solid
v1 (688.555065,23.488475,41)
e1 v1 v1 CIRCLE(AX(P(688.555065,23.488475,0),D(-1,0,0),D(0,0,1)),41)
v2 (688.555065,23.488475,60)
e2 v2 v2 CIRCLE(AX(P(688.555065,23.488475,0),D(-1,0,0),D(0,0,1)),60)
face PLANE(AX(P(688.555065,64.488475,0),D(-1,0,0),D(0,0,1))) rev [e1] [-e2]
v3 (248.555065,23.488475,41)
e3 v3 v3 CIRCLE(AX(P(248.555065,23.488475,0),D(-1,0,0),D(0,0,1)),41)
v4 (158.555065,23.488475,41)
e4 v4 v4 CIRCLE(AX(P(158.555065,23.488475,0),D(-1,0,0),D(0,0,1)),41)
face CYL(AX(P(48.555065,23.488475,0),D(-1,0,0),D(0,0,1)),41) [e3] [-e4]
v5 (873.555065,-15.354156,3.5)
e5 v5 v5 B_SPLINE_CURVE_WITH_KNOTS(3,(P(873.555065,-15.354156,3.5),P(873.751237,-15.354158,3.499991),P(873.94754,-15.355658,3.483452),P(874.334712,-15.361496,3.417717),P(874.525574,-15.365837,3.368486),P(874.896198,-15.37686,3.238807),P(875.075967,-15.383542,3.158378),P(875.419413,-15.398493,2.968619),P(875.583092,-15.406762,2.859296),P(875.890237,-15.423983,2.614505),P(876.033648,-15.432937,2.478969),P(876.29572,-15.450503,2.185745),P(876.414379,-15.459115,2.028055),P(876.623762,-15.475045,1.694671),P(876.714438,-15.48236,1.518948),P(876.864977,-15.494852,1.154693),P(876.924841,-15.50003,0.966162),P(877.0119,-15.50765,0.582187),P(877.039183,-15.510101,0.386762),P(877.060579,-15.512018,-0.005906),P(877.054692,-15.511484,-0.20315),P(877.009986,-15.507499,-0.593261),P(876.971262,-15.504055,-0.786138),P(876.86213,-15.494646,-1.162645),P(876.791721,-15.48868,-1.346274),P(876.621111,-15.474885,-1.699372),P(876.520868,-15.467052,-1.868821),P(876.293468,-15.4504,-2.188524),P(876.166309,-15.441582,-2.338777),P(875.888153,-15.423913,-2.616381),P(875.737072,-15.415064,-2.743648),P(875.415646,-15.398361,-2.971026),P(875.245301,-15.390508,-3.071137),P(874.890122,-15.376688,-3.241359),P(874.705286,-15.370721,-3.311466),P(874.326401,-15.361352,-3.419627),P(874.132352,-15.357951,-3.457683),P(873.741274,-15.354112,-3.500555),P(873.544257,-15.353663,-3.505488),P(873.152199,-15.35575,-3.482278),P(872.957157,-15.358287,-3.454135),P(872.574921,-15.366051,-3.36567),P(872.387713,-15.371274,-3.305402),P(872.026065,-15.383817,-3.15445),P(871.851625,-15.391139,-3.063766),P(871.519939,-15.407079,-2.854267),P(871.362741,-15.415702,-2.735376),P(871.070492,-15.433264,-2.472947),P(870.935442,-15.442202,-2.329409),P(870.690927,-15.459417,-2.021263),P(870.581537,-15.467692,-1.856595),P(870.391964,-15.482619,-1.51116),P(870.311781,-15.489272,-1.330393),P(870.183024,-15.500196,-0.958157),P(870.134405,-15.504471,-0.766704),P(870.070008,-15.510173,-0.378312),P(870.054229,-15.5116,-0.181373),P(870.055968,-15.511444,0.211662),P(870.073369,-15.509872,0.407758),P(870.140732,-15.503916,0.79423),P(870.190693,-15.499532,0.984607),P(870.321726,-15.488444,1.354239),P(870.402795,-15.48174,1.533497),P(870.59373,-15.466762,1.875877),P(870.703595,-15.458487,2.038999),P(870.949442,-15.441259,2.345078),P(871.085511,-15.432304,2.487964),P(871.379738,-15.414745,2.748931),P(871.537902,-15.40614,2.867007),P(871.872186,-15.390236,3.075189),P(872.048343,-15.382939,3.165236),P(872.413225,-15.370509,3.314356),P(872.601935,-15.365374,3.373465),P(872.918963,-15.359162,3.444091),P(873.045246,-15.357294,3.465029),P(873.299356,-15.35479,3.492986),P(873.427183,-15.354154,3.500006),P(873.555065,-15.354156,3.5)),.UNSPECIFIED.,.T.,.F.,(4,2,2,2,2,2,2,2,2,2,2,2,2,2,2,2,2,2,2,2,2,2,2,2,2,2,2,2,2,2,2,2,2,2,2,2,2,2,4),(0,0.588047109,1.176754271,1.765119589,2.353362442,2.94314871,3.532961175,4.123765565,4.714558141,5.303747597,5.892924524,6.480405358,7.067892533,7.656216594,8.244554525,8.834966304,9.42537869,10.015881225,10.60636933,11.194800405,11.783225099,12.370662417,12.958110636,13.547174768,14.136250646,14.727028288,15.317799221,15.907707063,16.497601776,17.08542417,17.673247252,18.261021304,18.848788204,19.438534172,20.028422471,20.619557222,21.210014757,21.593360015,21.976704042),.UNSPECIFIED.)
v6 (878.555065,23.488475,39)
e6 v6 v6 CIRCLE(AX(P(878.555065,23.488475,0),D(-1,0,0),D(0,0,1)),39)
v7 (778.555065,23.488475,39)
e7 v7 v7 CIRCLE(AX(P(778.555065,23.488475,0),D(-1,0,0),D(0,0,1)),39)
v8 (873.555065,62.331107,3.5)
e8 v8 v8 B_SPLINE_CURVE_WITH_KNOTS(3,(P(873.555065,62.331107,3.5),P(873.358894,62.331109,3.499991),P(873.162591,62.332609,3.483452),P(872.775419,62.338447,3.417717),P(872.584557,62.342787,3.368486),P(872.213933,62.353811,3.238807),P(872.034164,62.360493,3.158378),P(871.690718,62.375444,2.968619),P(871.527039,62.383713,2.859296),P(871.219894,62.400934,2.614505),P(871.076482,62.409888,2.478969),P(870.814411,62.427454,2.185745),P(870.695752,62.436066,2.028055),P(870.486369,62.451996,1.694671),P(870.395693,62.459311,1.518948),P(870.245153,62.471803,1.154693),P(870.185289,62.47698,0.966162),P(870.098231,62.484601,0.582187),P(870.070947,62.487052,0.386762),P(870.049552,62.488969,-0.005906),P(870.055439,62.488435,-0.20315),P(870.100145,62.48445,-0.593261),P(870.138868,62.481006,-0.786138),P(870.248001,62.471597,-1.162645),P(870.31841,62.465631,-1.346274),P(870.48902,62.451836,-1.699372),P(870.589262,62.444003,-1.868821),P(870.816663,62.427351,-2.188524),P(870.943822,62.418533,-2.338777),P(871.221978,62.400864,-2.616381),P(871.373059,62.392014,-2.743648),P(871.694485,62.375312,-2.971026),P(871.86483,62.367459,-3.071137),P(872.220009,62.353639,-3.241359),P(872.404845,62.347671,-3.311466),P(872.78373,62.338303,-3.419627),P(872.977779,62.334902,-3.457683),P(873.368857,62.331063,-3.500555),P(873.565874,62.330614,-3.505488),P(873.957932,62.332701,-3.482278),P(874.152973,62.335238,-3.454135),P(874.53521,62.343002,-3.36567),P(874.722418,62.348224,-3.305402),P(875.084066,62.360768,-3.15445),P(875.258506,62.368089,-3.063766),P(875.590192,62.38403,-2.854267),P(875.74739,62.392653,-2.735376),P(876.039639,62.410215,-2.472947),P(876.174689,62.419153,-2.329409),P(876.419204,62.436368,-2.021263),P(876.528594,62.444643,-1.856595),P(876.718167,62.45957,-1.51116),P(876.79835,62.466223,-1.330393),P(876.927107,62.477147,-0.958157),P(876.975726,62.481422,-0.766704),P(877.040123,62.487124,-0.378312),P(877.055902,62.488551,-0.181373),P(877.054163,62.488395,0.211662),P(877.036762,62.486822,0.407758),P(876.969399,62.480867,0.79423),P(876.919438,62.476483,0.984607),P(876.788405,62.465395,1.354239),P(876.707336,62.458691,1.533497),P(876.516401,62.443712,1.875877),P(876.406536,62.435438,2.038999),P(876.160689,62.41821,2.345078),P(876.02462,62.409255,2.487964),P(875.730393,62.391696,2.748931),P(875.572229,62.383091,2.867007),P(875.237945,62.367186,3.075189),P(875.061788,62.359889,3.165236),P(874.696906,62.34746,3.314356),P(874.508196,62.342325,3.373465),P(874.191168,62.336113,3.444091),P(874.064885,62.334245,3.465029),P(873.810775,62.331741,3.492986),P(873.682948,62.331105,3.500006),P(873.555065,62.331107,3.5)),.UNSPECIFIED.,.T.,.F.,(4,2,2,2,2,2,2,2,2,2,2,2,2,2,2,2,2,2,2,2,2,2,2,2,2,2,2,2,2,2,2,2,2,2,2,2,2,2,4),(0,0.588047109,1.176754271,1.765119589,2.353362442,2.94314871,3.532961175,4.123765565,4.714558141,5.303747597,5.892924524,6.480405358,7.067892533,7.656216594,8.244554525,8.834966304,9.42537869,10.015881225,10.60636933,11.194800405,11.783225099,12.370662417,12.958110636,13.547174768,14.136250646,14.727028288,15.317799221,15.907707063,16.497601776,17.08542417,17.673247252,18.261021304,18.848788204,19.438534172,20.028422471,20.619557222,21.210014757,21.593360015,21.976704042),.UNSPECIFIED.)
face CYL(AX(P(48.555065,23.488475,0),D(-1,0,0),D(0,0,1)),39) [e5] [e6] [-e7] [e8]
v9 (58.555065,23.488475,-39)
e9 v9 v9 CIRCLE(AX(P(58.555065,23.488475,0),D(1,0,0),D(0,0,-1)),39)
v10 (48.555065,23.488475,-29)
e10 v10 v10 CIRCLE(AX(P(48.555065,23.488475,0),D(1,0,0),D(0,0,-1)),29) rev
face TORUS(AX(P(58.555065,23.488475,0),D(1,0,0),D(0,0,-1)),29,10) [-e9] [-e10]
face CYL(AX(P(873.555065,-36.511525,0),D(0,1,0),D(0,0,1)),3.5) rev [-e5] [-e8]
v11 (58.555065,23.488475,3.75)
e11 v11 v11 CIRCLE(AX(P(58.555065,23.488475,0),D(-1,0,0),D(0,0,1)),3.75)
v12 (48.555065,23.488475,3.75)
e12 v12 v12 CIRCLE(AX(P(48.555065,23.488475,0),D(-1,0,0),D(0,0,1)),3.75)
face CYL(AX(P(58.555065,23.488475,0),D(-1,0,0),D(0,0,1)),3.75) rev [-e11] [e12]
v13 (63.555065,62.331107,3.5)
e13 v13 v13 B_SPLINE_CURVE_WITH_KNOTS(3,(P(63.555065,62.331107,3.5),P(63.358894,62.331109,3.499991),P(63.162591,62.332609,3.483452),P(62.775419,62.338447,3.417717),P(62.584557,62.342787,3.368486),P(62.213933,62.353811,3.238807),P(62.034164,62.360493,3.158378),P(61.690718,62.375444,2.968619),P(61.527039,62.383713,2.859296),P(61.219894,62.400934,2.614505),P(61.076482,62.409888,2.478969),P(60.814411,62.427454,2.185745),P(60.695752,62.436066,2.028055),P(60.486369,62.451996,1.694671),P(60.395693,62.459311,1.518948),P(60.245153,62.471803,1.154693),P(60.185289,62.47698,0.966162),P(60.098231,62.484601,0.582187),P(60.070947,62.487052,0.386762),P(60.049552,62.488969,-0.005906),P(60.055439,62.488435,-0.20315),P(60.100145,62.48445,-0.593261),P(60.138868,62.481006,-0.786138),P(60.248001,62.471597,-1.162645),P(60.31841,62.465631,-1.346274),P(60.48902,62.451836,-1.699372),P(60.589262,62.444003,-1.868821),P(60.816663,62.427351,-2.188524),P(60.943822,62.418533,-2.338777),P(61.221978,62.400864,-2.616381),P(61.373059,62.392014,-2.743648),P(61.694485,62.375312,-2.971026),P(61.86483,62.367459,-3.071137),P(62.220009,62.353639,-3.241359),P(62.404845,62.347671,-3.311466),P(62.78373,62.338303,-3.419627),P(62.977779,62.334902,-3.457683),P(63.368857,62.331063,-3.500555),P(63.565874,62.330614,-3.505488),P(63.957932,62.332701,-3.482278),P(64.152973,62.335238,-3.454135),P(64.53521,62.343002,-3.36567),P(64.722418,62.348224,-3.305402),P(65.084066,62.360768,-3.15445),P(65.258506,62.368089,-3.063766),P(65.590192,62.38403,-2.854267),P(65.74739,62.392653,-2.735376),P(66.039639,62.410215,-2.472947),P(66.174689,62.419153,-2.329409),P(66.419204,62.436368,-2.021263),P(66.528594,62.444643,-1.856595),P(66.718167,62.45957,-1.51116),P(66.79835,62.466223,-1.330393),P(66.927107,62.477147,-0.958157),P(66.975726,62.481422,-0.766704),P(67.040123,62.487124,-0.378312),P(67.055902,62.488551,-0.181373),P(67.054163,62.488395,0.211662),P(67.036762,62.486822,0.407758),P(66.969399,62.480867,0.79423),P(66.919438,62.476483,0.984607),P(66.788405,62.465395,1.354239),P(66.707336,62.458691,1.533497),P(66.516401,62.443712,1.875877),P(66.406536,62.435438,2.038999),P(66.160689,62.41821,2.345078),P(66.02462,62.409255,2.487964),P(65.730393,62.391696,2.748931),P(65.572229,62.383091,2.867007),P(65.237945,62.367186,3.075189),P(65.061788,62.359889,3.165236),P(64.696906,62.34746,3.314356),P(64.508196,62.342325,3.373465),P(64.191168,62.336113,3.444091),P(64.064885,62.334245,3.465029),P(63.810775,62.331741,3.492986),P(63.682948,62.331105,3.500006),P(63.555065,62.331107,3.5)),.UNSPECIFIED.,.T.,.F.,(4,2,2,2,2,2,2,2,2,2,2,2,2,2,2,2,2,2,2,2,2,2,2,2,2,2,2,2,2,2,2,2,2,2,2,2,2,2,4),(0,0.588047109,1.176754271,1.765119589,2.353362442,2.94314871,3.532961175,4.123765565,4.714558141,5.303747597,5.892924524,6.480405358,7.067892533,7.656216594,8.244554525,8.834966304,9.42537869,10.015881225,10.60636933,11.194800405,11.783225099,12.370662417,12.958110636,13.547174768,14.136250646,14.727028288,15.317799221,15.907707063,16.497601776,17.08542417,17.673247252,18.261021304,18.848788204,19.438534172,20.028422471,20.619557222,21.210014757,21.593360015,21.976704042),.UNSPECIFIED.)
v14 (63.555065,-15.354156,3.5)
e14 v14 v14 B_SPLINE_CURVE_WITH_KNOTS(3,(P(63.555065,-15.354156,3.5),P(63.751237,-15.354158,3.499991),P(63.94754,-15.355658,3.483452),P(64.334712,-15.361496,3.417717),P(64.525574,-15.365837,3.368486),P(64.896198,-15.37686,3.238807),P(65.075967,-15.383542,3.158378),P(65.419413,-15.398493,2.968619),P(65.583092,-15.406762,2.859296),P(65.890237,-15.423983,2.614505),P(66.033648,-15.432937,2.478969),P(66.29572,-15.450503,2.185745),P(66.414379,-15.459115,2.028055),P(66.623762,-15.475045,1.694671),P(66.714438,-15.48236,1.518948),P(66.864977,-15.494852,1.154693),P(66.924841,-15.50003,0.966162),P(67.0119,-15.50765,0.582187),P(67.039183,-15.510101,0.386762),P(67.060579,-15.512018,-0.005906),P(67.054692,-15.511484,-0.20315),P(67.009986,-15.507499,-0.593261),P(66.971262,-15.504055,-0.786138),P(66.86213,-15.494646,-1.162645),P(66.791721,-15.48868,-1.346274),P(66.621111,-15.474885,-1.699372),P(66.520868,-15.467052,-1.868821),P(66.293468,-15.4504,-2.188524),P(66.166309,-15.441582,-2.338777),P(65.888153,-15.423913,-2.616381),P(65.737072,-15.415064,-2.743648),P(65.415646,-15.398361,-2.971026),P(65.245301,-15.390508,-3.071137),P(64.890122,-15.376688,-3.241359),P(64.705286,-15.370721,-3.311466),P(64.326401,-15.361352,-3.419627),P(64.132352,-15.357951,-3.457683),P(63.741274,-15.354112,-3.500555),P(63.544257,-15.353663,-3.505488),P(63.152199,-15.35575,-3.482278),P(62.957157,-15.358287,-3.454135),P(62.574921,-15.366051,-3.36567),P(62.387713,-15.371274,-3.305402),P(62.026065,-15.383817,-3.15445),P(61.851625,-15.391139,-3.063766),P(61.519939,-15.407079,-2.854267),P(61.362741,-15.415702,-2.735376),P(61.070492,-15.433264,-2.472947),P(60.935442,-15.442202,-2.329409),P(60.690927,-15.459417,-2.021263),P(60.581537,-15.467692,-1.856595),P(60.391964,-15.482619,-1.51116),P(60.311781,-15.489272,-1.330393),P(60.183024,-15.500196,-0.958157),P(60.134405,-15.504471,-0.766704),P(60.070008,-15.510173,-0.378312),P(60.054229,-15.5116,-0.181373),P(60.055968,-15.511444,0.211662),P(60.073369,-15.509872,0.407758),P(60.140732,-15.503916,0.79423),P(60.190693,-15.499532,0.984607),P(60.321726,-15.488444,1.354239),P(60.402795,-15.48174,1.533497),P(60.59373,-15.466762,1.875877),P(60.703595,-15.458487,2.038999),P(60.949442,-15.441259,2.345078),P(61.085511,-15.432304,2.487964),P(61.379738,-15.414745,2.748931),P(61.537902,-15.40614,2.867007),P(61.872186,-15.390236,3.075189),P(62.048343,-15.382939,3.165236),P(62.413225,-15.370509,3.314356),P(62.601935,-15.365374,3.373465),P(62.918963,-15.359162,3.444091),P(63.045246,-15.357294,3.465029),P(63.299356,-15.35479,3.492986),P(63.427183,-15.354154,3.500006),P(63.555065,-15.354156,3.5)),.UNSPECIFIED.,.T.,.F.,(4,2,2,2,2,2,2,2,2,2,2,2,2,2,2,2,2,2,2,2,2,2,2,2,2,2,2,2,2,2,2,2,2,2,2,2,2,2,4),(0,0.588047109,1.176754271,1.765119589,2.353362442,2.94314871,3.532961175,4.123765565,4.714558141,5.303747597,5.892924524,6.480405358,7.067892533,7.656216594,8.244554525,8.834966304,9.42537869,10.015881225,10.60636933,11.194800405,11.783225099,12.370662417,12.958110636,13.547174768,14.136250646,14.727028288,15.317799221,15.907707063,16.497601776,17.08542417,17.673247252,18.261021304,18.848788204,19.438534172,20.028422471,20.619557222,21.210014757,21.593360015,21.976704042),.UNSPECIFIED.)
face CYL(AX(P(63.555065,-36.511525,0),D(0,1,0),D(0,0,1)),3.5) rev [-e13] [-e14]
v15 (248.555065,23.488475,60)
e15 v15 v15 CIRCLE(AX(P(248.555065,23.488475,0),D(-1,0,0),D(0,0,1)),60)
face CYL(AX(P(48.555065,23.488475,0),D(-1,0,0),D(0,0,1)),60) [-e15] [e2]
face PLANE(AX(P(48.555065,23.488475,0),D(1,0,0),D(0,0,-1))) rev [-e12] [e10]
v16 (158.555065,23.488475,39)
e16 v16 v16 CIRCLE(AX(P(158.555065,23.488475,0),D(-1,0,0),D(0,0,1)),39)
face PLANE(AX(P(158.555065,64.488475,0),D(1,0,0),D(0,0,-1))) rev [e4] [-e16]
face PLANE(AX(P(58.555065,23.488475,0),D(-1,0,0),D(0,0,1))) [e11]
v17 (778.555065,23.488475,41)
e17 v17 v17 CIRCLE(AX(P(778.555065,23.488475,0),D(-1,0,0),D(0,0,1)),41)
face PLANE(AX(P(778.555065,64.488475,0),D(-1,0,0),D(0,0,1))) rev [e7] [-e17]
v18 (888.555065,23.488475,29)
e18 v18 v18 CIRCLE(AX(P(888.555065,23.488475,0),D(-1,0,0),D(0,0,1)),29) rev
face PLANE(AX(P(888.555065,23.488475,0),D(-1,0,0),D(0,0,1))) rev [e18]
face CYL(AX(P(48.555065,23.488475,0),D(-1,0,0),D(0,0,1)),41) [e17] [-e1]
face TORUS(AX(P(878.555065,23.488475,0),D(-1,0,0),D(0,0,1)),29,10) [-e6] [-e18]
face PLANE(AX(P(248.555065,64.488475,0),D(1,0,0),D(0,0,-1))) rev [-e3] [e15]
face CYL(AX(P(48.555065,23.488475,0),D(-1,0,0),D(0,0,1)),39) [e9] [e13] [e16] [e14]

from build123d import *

# Parameters (mm, degrees)
RADYUS1_R             = 10
IZIM2_R               = 3.75
KES_EKSTR_ZYON1_DEPTH = 10
RADYUS2_R             = 10
IZIM3_R               = 3.5
KES_EKSTR_ZYON2_DEPTH = 100.511524539


with BuildPart() as part:
    # Çizim1 → Döndür1 (revolve)
    with BuildSketch(Plane.XY):
        Polygon((158.555065461, 64.488475461), (158.555065461, 62.488475461), (48.555065461, 62.488475461), (48.555065461, 23.488475461), (888.555065461, 23.488475461), (888.555065461, 62.488475461), (778.555065461, 62.488475461), (778.555065461, 64.488475461), (688.555065461, 64.488475461), (688.555065461, 83.488475461), (248.555065461, 83.488475461), (248.555065461, 64.488475461), align=None)
    revolve(axis=Axis((48.555065461, 23.488475461, 0), (1, 0, 0)))

    # Radyus1
    radyus1_edges = [part.edges().sort_by_distance(p)[0] for p in [
        (48.555065461, -15.511524539, 0),
    ]]
    fillet(radyus1_edges, radius=RADYUS1_R)

    # Çizim2 → Kes-Ekstrüzyon1 (cut)
    with BuildSketch(Plane.ZY.offset(-48.555065461)):
        with Locations((0, 23.488475461)):
            Circle(IZIM2_R)
    extrude(amount=-KES_EKSTR_ZYON1_DEPTH, mode=Mode.SUBTRACT)

    # Radyus2
    radyus2_edges = [part.edges().sort_by_distance(p)[0] for p in [
        (888.555065461, -15.511524539, 0),
    ]]
    fillet(radyus2_edges, radius=RADYUS2_R)

    # Çizim3 → Kes-Ekstrüzyon2 (cut, through all)
    with BuildSketch(Plane(origin=(0, 63, 0), x_dir=(1, 0, 0), z_dir=(0, 1, 0))):
        with Locations((63.555065461, 0)):
            Circle(IZIM3_R)
        with Locations((873.555065461, 0)):
            Circle(IZIM3_R)
    extrude(amount=-KES_EKSTR_ZYON2_DEPTH, mode=Mode.SUBTRACT)


solid = part.part
